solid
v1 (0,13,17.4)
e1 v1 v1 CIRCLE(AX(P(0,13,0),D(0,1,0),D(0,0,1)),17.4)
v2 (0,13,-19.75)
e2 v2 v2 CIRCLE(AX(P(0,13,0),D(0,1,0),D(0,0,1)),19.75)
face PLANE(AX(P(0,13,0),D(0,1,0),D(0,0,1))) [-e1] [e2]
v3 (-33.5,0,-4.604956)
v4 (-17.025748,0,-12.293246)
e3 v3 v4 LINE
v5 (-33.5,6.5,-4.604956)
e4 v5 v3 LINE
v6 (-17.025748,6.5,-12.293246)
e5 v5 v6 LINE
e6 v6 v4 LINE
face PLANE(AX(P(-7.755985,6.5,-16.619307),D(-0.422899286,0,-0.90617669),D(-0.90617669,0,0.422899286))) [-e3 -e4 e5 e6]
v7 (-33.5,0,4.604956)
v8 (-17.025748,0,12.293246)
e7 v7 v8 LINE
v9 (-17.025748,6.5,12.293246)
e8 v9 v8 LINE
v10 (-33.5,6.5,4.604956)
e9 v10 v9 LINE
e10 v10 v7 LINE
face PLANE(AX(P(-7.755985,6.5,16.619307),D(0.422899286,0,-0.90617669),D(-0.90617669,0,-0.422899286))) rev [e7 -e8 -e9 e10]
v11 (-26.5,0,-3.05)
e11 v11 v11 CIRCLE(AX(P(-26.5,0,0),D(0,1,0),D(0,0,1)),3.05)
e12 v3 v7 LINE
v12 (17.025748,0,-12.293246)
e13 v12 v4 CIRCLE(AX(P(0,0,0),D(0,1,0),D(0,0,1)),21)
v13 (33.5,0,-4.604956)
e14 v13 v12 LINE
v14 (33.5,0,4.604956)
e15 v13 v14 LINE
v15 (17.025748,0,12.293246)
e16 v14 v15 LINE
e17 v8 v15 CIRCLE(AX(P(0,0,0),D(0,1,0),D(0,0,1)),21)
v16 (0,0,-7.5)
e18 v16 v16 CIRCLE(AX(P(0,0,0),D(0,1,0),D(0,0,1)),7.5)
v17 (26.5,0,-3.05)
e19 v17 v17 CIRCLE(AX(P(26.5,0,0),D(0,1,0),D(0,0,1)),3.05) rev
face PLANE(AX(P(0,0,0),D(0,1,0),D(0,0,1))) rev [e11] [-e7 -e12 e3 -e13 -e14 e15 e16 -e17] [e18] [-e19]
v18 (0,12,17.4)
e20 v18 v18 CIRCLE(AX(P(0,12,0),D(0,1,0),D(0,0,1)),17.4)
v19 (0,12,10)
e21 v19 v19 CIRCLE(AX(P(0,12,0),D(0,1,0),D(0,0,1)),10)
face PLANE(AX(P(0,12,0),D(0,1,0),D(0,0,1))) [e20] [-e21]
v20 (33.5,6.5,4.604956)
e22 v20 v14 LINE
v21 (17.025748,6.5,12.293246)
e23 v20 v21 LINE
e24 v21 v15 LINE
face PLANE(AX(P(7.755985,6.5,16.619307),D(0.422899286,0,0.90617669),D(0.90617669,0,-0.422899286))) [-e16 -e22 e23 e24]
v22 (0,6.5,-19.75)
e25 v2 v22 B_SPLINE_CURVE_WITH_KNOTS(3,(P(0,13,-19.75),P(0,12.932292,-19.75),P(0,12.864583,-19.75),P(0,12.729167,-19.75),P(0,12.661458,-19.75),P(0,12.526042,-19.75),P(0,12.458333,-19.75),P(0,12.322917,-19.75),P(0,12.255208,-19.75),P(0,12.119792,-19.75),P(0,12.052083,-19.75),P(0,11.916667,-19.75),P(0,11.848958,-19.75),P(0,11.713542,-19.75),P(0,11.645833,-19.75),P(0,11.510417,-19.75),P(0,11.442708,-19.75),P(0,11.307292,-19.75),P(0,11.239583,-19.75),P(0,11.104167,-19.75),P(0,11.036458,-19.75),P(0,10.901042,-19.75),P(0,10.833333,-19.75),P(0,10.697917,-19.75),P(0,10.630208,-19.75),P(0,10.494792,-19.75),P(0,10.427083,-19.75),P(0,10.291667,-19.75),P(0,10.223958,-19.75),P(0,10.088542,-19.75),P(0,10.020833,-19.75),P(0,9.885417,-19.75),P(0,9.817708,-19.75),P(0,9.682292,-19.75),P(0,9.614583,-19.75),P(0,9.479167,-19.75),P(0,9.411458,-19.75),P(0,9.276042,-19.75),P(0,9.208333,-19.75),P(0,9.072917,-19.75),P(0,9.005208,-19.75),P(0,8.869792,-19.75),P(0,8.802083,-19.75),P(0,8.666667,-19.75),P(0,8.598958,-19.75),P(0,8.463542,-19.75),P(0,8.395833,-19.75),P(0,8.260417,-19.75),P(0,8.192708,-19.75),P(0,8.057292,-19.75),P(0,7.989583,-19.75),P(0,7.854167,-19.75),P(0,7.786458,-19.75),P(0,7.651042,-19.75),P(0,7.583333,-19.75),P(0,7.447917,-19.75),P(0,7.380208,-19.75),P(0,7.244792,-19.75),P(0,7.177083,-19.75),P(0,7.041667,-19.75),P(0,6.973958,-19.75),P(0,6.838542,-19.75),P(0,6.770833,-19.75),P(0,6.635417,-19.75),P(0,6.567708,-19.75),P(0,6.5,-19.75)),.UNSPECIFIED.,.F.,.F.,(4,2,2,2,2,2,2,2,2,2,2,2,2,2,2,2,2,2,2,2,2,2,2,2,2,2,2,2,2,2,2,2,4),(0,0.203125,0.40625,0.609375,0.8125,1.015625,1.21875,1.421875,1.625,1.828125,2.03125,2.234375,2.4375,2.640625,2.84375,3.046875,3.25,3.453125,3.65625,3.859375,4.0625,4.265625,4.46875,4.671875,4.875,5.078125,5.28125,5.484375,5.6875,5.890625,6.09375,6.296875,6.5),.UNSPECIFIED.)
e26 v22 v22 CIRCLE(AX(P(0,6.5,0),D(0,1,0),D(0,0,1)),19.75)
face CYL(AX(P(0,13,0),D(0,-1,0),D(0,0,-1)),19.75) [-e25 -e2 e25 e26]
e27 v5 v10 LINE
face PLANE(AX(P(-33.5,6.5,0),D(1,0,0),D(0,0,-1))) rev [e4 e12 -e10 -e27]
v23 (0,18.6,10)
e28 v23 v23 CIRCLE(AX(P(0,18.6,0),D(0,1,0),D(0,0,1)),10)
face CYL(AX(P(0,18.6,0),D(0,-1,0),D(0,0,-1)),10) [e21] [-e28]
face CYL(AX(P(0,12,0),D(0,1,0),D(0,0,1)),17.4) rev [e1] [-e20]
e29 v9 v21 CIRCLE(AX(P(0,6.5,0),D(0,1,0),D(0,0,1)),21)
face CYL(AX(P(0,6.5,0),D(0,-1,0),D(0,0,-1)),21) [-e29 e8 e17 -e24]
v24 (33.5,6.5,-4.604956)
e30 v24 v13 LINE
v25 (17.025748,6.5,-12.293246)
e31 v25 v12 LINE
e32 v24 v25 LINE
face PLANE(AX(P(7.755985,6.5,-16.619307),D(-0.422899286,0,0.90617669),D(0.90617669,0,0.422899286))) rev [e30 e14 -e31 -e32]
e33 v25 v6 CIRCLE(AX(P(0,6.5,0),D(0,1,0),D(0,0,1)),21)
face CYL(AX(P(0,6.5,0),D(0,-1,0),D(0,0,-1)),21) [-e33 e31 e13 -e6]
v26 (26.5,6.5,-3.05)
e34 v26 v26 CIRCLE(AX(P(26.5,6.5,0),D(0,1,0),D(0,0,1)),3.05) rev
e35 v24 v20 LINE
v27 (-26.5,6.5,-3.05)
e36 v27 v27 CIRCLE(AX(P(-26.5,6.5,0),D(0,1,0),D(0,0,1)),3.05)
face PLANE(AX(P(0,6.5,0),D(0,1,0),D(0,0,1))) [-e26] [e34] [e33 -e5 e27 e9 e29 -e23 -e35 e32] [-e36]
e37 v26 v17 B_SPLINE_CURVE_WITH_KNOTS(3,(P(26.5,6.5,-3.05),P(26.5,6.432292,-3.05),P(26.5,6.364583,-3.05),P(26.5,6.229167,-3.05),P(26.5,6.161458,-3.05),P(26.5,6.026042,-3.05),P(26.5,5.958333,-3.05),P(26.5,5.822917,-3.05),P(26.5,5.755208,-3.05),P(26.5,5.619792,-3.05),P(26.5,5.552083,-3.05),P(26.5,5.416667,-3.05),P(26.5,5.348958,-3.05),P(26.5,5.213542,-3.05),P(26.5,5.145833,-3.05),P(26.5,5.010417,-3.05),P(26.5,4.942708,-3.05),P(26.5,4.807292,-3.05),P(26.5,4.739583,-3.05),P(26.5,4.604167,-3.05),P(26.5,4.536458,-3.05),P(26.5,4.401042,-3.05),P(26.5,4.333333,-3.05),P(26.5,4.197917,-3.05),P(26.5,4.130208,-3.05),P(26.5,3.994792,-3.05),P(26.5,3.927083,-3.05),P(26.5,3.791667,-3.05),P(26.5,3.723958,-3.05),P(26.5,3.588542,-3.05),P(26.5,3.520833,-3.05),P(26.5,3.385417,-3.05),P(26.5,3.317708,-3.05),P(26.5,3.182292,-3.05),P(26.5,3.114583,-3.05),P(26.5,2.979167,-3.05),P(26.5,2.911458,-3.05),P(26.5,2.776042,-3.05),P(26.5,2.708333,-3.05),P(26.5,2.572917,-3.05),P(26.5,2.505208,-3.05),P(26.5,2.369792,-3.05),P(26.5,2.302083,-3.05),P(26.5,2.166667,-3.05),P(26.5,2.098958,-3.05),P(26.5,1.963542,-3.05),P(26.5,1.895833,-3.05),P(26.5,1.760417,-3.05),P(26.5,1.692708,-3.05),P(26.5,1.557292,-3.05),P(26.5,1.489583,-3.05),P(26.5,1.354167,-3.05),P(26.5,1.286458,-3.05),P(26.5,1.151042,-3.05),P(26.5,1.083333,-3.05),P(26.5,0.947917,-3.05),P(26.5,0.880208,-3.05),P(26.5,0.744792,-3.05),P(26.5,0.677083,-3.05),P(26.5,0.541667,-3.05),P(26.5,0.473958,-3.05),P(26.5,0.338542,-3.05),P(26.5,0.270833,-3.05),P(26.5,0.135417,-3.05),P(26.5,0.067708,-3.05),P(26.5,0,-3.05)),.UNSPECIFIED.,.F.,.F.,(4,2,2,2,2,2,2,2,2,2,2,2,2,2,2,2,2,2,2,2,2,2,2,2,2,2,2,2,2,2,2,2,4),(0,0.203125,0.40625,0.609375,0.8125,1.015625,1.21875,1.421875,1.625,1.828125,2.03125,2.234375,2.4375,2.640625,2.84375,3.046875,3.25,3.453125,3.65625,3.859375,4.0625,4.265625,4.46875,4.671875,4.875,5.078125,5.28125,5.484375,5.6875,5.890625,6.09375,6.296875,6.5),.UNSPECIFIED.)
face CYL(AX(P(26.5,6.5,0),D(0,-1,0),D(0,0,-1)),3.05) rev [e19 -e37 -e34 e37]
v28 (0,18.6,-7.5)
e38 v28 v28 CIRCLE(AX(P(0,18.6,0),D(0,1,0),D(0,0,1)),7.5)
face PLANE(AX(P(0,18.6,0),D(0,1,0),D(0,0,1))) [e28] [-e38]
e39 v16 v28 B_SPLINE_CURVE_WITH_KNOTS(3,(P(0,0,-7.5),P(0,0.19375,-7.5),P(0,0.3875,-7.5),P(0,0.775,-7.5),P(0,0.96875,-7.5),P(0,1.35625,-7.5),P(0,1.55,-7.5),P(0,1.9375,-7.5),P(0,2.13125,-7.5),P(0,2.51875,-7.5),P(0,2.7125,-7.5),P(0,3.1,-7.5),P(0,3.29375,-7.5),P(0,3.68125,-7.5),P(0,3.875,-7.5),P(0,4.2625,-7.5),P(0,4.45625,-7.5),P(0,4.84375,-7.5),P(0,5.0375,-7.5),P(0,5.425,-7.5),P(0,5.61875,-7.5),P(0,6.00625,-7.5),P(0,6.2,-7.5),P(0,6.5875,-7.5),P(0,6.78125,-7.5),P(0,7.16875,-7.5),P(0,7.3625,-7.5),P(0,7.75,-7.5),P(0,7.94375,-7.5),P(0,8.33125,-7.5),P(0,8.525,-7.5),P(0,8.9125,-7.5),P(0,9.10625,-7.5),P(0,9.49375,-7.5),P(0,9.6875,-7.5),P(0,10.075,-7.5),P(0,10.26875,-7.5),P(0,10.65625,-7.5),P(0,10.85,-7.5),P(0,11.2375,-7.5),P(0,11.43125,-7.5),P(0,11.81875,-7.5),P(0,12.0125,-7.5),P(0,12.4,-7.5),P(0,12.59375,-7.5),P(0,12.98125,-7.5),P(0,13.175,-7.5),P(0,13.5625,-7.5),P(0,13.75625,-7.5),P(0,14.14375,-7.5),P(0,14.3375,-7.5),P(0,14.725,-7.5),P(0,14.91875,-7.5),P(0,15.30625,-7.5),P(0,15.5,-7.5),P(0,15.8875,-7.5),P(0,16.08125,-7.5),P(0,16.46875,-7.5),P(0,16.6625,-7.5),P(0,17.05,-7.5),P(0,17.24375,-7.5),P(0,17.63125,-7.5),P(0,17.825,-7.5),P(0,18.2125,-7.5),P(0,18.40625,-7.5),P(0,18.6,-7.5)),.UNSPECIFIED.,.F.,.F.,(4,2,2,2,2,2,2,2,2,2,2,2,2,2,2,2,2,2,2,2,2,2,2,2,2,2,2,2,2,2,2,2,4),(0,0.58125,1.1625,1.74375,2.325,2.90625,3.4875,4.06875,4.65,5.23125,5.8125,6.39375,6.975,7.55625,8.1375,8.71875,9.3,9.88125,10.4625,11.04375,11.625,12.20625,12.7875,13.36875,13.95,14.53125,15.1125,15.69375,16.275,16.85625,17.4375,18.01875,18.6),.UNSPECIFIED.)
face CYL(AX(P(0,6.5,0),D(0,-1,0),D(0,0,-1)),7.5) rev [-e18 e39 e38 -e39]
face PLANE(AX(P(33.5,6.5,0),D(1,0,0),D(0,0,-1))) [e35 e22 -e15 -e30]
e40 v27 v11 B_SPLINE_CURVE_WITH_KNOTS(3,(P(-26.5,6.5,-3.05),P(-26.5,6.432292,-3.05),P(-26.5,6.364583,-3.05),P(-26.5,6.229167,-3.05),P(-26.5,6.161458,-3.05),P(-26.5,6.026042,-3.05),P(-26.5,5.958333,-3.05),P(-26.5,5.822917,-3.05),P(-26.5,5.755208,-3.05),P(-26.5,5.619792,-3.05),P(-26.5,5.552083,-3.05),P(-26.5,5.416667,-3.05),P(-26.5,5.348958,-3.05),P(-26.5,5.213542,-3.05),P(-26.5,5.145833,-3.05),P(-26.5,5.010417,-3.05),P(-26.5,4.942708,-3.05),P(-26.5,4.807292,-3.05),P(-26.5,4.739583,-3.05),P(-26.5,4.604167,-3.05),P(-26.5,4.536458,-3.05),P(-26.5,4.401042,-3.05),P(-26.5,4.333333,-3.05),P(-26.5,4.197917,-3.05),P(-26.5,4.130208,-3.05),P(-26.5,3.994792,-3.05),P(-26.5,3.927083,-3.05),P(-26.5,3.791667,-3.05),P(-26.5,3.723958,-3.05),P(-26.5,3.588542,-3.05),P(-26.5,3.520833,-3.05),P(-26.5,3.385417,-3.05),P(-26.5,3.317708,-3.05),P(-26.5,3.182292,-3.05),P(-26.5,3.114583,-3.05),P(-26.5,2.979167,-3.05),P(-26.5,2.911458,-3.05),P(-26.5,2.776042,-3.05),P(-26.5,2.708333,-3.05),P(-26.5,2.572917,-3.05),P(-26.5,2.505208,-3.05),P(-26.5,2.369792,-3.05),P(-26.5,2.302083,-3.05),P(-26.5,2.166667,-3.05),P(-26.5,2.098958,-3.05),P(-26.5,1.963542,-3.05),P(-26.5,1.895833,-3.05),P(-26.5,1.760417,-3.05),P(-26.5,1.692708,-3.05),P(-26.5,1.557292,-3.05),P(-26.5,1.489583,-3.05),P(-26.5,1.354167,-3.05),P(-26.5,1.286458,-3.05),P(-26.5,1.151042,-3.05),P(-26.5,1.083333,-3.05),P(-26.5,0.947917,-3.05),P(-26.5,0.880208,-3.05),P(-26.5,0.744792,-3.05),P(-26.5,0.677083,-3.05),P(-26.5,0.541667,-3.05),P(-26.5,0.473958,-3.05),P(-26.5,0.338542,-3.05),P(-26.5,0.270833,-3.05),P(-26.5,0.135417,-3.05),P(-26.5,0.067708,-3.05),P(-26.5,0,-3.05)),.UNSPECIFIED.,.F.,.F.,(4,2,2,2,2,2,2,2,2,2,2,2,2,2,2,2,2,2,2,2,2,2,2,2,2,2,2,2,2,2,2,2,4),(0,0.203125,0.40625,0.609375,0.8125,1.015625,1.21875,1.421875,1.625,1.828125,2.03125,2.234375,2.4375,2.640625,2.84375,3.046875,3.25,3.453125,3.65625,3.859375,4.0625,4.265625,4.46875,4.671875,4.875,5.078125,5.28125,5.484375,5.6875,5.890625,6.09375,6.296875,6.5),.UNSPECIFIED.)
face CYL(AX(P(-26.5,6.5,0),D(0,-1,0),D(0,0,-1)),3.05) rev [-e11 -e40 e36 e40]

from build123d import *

# Parameters (mm, degrees)
SKETCH_1_R          = 3.05
SKETCH_1_R_2        = 21
SKETCH_1_R_3        = 7.5
EXTRUDE_1_DEPTH     = 6.5
SKETCH_2_R          = 19.75
SKETCH_2_R_2        = 7.5
EXTRUDE_2_DEPTH     = 6.5
SKETCH_3_R          = 10
SKETCH_3_R_2        = 7.5
EXTRUDE_3_DEPTH     = 5.6
CUT_EXTRUDE_START   = -1
SKETCH_4_R          = 17.4
SKETCH_4_R_2        = 10
CUT_EXTRUDE_1_DEPTH = 1


with BuildPart() as part:
    # 草图1 → 凸台-拉伸1 (new body)
    # profile 1 of 3: a face of its own
    with BuildSketch(Plane(origin=(0, 0, 0), x_dir=(1, 0, 0), z_dir=(0, 1, 0))):
        with BuildLine():
            Line((-17.025748483, 12.293245649), (-33.5, 4.60495562))
            Line((-33.5, 4.60495562), (-33.5, -4.60495562))
            Line((-33.5, -4.60495562), (-17.025748483, -12.293245649))
            ThreePointArc((-17.025748483, -12.293245649), (-21, 0), (-17.025748483, 12.293245649))
        make_face()
        with Locations(Location((-26.5, 0, 0), (0, 0, 90))):
            Circle(SKETCH_1_R, mode=Mode.SUBTRACT)
    # profile 2 of 3: a face of its own
    with BuildSketch(Plane(origin=(0, 0, 0), x_dir=(1, 0, 0), z_dir=(0, 1, 0))):
        Circle(SKETCH_1_R_2)
        with Locations(Location((0, 0, 0), (0, 0, 90))):
            Circle(SKETCH_1_R_3, mode=Mode.SUBTRACT)
    # profile 3 of 3: a face of its own
    with BuildSketch(Plane(origin=(0, 0, 0), x_dir=(1, 0, 0), z_dir=(0, 1, 0))):
        with BuildLine():
            Line((33.5, 4.60495562), (17.025748483, 12.293245649))
            ThreePointArc((17.025748483, 12.293245649), (19.981750651, 6.459848367), (21, 0))
            ThreePointArc((21, 0), (19.981750651, -6.459848367), (17.025748483, -12.293245649))
            Line((17.025748483, -12.293245649), (33.5, -4.60495562))
            Line((33.5, -4.60495562), (33.5, 4.60495562))
        make_face()
        with Locations(Location((26.5, 0, 0), (0, 0, 90))):
            Circle(SKETCH_1_R, mode=Mode.SUBTRACT)
    extrude(amount=EXTRUDE_1_DEPTH)

    # 草图2 → 凸台-拉伸2 (add)
    with BuildSketch(Plane(origin=(0, 6.5, 0), x_dir=(1, 0, 0), z_dir=(0, 1, 0))):
        with Locations(Location((0, 0, 0), (0, 0, 90))):
            Circle(SKETCH_2_R)
        with Locations(Location((0, 0, 0), (0, 0, 90))):
            Circle(SKETCH_2_R_2, mode=Mode.SUBTRACT)
    extrude(amount=EXTRUDE_2_DEPTH)

    # 草图3 → 凸台-拉伸3 (add)
    with BuildSketch(Plane(origin=(0, 13, 0), x_dir=(1, 0, 0), z_dir=(0, 1, 0))):
        with Locations(Location((0, 0, 0), (0, 0, 270))):
            Circle(SKETCH_3_R)
        with Locations(Location((0, 0, 0), (0, 0, 90))):
            Circle(SKETCH_3_R_2, mode=Mode.SUBTRACT)
    extrude(amount=EXTRUDE_3_DEPTH)

    # 草图4 → 切除-拉伸1 (cut)
    with BuildSketch(Plane(origin=(0, 13, 0), x_dir=(1, 0, 0), z_dir=(0, 1, 0)).offset(CUT_EXTRUDE_START)):
        with Locations(Location((0, 0, 0), (0, 0, 270))):
            Circle(SKETCH_4_R)
        with Locations(Location((0, 0, 0), (0, 0, 270))):
            Circle(SKETCH_4_R_2, mode=Mode.SUBTRACT)
    extrude(amount=CUT_EXTRUDE_1_DEPTH, mode=Mode.SUBTRACT)


solid = part.part
